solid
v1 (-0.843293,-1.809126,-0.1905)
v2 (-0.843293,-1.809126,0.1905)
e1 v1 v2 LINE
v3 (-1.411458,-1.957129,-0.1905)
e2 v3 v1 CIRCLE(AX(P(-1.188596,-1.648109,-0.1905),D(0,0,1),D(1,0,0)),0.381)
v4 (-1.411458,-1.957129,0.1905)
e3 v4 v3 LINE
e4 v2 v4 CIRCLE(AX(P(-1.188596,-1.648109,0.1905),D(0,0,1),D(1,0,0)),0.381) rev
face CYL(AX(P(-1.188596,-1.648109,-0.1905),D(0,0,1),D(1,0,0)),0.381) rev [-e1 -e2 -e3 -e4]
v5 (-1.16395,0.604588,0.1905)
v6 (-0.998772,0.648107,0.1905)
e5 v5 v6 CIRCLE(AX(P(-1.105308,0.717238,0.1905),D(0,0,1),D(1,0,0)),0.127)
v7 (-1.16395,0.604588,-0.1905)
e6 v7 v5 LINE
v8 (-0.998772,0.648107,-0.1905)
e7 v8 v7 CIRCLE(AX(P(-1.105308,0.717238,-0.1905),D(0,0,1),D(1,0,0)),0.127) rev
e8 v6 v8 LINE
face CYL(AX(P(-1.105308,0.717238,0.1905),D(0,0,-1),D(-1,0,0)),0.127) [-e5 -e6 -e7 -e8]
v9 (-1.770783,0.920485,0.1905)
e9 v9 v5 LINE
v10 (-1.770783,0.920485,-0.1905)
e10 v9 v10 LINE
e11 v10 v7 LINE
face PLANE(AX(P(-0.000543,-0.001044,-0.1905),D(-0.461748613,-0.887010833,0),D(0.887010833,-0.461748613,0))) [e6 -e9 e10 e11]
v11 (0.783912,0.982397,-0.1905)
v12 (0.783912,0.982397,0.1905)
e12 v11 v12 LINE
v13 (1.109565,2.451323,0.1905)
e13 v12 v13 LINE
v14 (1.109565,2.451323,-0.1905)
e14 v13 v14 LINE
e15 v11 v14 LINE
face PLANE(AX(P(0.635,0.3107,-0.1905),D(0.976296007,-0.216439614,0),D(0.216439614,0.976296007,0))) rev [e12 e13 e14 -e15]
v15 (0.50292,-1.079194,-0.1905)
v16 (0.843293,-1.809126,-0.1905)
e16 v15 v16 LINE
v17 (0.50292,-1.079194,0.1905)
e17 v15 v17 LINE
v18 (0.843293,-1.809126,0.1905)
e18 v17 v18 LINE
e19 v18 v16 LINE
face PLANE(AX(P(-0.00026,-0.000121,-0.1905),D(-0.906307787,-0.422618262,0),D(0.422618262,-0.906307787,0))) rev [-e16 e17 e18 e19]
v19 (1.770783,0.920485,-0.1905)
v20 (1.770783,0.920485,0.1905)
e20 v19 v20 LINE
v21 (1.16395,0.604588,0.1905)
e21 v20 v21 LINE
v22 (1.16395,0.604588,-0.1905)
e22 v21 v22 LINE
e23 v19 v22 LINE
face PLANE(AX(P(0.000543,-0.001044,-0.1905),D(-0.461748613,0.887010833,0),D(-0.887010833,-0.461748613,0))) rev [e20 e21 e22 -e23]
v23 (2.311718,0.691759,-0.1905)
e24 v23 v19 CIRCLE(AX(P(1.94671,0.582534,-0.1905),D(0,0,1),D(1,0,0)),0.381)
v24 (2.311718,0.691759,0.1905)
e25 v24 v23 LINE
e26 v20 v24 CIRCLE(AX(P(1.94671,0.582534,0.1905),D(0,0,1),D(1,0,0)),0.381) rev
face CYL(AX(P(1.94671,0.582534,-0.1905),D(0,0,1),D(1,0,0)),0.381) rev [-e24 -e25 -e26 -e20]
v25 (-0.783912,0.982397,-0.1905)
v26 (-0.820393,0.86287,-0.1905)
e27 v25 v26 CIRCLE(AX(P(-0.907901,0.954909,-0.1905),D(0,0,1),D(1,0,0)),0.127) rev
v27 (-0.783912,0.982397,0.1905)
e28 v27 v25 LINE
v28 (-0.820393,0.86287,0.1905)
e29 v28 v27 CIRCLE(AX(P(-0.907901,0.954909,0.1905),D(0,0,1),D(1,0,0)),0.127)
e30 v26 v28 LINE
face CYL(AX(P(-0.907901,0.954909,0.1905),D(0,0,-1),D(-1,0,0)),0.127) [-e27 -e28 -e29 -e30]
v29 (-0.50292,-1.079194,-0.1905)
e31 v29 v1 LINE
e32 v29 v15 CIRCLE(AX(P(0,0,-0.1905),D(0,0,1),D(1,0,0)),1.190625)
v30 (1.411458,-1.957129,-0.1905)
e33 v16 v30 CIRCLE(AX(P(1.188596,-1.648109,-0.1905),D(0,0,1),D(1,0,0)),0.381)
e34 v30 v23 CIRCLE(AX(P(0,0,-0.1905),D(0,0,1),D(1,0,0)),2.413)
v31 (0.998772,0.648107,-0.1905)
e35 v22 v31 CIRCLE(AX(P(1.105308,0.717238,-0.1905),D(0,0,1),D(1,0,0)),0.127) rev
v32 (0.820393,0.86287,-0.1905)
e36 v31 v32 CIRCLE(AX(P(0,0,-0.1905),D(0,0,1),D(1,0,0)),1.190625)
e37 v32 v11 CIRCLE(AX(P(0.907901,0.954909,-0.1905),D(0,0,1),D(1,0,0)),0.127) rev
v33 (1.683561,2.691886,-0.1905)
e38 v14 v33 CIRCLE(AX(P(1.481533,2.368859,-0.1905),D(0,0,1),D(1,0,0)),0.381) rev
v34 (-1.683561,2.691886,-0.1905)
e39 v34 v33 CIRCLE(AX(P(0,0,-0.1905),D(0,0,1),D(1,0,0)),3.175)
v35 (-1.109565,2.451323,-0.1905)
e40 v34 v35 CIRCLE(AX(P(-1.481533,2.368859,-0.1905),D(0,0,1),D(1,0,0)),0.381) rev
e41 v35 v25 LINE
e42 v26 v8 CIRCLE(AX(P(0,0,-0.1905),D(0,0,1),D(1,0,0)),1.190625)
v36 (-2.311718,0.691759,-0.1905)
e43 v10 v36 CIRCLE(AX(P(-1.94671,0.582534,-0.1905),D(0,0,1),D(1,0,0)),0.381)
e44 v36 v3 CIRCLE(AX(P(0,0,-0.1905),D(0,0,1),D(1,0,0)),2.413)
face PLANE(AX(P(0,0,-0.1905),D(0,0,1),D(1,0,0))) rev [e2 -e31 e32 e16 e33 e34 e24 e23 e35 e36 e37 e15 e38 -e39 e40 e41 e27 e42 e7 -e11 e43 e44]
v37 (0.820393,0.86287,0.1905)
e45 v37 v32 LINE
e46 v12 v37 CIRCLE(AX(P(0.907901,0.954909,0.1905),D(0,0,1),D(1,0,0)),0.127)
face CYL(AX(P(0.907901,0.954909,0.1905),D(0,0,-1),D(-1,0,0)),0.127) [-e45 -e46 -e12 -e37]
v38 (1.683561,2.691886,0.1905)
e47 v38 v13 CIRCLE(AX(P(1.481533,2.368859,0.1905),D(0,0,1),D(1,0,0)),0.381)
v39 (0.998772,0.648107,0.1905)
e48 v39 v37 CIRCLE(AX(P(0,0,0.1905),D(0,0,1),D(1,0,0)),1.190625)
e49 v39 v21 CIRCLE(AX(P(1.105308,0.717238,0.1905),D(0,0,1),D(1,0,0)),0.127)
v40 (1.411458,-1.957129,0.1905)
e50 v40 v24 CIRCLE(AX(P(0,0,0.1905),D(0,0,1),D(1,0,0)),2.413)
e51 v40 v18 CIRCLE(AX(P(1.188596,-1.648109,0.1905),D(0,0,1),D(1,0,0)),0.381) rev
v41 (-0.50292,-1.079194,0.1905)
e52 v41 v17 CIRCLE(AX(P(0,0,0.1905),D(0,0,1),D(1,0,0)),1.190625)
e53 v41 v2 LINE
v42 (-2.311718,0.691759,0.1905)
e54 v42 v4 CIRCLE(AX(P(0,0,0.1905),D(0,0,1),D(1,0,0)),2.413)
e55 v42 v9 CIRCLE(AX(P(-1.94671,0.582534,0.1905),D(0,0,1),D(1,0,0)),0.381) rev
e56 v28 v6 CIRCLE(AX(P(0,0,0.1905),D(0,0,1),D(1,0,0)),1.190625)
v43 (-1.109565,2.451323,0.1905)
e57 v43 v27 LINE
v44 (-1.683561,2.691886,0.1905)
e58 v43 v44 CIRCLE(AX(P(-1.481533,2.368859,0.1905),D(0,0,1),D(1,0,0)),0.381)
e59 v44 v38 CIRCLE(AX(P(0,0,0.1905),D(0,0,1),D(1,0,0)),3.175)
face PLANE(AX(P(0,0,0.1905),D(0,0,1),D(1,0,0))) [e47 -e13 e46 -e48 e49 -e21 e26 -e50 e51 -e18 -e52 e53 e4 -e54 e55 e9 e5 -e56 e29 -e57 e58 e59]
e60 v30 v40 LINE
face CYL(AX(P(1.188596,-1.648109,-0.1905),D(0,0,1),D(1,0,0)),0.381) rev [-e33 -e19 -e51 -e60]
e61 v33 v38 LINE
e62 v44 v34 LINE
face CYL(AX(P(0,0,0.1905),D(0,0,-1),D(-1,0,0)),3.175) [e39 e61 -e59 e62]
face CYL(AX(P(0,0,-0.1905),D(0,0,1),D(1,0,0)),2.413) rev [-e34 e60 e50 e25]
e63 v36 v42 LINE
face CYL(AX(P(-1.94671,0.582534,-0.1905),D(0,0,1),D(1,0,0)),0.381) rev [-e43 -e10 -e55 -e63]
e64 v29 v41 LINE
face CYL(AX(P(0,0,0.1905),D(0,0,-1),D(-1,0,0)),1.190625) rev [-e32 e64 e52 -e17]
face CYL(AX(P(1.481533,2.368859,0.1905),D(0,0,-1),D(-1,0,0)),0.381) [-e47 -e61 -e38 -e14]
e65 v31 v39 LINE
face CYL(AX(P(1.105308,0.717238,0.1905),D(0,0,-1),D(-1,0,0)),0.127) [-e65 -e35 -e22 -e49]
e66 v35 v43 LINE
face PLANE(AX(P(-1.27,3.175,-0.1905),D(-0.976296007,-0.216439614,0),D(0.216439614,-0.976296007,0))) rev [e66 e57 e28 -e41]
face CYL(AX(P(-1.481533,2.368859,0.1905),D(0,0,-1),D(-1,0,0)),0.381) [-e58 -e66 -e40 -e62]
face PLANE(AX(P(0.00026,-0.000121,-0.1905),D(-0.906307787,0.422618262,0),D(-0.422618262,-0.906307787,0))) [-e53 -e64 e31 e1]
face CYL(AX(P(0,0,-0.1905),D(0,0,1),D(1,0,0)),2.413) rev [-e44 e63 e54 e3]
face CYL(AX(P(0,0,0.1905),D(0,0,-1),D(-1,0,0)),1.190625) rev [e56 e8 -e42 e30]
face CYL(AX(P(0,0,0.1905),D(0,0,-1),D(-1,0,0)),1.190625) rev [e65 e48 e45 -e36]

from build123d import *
from OCP.BRepFilletAPI import BRepFilletAPI_MakeFillet

# Parameters (mm, degrees)
SKETCH1_R           = 3.175
SKETCH1_R_2         = 1.190625
BOSS_EXTRUDE1_DEPTH = 0.1905
CUT_EXTRUDE1_DEPTH  = 5.50626353
CUT_EXTRUDE2_DEPTH  = 5.50626353
FILLET1_R1          = 0.381
FILLET1_R2          = 0.127


with BuildPart() as part:
    # Sketch1 → Boss-Extrude1 (new, symmetric)
    with BuildSketch(Plane.XY):
        Circle(SKETCH1_R)
        Circle(SKETCH1_R_2, mode=Mode.SUBTRACT)
    extrude(amount=BOSS_EXTRUDE1_DEPTH, both=True)

    # Sketch2 → Cut-Extrude1 (cut, through all)
    with BuildSketch(Plane.XY.offset(0.1905)):
        Polygon((-0.635, 0.3107001), (0.635, 0.3107001), (1.27, 3.175), (-1.27, 3.175), align=None)
    extrude(amount=-CUT_EXTRUDE1_DEPTH, mode=Mode.SUBTRACT)

    # Sketch3 → Cut-Extrude2 (cut, through all)
    with BuildSketch(Plane.XY.offset(0.1905)):
        with BuildLine():
            Line((-1.05664, 0.548725615), (-2.140900128, 1.113155712))
            ThreePointArc((-2.140900128, 1.113155712), (-2.284707131, -0.776326171), (-1.019518005, -2.187041846))
            Line((-1.019518005, -2.187041846), (-0.50292, -1.079193849))
            ThreePointArc((-0.50292, -1.079193849), (-1.127203307, -0.383406568), (-1.05664, 0.548725615))
        make_face()
        with BuildLine():
            Line((0.50292, -1.079193849), (1.019518005, -2.187041846))
            ThreePointArc((1.019518005, -2.187041846), (2.284707131, -0.776326171), (2.140900128, 1.113155712))
            Line((2.140900128, 1.113155712), (1.05664, 0.548725615))
            ThreePointArc((1.05664, 0.548725615), (1.127203307, -0.383406568), (0.50292, -1.079193849))
        make_face()
    extrude(amount=-CUT_EXTRUDE2_DEPTH, mode=Mode.SUBTRACT)

    # Fillet1: one fillet with a radius per group of edges: ONE call of the kernel's fillet builder (fillet() takes one radius for all edges)
    fillet1_edges_1 = [part.edges().sort_by_distance(p)[0] for p in [
        (-1.216302436, 2.932785942, 0),
        (-2.140900128, 1.113155712, 0),
        (-1.019518005, -2.187041846, 0),
        (1.019518005, -2.187041846, 0),
        (2.140900128, 1.113155712, 0),
        (1.216302436, 2.932785942, 0),
    ]]
    fillet1_edges_2 = [part.edges().sort_by_distance(p)[0] for p in [
        (-0.767848913, 0.909942821, 0),
        (-1.05664, 0.548725615, 0),
        (0.767848913, 0.909942821, 0),
        (1.05664, 0.548725615, 0),
    ]]
    fillet1 = BRepFilletAPI_MakeFillet(part.part.solid().wrapped)
    for e in fillet1_edges_1:
        fillet1.Add(FILLET1_R1, e.wrapped)
    for e in fillet1_edges_2:
        fillet1.Add(FILLET1_R2, e.wrapped)
    add(Compound.cast(fillet1.Shape()), mode=Mode.REPLACE)


solid = part.part
